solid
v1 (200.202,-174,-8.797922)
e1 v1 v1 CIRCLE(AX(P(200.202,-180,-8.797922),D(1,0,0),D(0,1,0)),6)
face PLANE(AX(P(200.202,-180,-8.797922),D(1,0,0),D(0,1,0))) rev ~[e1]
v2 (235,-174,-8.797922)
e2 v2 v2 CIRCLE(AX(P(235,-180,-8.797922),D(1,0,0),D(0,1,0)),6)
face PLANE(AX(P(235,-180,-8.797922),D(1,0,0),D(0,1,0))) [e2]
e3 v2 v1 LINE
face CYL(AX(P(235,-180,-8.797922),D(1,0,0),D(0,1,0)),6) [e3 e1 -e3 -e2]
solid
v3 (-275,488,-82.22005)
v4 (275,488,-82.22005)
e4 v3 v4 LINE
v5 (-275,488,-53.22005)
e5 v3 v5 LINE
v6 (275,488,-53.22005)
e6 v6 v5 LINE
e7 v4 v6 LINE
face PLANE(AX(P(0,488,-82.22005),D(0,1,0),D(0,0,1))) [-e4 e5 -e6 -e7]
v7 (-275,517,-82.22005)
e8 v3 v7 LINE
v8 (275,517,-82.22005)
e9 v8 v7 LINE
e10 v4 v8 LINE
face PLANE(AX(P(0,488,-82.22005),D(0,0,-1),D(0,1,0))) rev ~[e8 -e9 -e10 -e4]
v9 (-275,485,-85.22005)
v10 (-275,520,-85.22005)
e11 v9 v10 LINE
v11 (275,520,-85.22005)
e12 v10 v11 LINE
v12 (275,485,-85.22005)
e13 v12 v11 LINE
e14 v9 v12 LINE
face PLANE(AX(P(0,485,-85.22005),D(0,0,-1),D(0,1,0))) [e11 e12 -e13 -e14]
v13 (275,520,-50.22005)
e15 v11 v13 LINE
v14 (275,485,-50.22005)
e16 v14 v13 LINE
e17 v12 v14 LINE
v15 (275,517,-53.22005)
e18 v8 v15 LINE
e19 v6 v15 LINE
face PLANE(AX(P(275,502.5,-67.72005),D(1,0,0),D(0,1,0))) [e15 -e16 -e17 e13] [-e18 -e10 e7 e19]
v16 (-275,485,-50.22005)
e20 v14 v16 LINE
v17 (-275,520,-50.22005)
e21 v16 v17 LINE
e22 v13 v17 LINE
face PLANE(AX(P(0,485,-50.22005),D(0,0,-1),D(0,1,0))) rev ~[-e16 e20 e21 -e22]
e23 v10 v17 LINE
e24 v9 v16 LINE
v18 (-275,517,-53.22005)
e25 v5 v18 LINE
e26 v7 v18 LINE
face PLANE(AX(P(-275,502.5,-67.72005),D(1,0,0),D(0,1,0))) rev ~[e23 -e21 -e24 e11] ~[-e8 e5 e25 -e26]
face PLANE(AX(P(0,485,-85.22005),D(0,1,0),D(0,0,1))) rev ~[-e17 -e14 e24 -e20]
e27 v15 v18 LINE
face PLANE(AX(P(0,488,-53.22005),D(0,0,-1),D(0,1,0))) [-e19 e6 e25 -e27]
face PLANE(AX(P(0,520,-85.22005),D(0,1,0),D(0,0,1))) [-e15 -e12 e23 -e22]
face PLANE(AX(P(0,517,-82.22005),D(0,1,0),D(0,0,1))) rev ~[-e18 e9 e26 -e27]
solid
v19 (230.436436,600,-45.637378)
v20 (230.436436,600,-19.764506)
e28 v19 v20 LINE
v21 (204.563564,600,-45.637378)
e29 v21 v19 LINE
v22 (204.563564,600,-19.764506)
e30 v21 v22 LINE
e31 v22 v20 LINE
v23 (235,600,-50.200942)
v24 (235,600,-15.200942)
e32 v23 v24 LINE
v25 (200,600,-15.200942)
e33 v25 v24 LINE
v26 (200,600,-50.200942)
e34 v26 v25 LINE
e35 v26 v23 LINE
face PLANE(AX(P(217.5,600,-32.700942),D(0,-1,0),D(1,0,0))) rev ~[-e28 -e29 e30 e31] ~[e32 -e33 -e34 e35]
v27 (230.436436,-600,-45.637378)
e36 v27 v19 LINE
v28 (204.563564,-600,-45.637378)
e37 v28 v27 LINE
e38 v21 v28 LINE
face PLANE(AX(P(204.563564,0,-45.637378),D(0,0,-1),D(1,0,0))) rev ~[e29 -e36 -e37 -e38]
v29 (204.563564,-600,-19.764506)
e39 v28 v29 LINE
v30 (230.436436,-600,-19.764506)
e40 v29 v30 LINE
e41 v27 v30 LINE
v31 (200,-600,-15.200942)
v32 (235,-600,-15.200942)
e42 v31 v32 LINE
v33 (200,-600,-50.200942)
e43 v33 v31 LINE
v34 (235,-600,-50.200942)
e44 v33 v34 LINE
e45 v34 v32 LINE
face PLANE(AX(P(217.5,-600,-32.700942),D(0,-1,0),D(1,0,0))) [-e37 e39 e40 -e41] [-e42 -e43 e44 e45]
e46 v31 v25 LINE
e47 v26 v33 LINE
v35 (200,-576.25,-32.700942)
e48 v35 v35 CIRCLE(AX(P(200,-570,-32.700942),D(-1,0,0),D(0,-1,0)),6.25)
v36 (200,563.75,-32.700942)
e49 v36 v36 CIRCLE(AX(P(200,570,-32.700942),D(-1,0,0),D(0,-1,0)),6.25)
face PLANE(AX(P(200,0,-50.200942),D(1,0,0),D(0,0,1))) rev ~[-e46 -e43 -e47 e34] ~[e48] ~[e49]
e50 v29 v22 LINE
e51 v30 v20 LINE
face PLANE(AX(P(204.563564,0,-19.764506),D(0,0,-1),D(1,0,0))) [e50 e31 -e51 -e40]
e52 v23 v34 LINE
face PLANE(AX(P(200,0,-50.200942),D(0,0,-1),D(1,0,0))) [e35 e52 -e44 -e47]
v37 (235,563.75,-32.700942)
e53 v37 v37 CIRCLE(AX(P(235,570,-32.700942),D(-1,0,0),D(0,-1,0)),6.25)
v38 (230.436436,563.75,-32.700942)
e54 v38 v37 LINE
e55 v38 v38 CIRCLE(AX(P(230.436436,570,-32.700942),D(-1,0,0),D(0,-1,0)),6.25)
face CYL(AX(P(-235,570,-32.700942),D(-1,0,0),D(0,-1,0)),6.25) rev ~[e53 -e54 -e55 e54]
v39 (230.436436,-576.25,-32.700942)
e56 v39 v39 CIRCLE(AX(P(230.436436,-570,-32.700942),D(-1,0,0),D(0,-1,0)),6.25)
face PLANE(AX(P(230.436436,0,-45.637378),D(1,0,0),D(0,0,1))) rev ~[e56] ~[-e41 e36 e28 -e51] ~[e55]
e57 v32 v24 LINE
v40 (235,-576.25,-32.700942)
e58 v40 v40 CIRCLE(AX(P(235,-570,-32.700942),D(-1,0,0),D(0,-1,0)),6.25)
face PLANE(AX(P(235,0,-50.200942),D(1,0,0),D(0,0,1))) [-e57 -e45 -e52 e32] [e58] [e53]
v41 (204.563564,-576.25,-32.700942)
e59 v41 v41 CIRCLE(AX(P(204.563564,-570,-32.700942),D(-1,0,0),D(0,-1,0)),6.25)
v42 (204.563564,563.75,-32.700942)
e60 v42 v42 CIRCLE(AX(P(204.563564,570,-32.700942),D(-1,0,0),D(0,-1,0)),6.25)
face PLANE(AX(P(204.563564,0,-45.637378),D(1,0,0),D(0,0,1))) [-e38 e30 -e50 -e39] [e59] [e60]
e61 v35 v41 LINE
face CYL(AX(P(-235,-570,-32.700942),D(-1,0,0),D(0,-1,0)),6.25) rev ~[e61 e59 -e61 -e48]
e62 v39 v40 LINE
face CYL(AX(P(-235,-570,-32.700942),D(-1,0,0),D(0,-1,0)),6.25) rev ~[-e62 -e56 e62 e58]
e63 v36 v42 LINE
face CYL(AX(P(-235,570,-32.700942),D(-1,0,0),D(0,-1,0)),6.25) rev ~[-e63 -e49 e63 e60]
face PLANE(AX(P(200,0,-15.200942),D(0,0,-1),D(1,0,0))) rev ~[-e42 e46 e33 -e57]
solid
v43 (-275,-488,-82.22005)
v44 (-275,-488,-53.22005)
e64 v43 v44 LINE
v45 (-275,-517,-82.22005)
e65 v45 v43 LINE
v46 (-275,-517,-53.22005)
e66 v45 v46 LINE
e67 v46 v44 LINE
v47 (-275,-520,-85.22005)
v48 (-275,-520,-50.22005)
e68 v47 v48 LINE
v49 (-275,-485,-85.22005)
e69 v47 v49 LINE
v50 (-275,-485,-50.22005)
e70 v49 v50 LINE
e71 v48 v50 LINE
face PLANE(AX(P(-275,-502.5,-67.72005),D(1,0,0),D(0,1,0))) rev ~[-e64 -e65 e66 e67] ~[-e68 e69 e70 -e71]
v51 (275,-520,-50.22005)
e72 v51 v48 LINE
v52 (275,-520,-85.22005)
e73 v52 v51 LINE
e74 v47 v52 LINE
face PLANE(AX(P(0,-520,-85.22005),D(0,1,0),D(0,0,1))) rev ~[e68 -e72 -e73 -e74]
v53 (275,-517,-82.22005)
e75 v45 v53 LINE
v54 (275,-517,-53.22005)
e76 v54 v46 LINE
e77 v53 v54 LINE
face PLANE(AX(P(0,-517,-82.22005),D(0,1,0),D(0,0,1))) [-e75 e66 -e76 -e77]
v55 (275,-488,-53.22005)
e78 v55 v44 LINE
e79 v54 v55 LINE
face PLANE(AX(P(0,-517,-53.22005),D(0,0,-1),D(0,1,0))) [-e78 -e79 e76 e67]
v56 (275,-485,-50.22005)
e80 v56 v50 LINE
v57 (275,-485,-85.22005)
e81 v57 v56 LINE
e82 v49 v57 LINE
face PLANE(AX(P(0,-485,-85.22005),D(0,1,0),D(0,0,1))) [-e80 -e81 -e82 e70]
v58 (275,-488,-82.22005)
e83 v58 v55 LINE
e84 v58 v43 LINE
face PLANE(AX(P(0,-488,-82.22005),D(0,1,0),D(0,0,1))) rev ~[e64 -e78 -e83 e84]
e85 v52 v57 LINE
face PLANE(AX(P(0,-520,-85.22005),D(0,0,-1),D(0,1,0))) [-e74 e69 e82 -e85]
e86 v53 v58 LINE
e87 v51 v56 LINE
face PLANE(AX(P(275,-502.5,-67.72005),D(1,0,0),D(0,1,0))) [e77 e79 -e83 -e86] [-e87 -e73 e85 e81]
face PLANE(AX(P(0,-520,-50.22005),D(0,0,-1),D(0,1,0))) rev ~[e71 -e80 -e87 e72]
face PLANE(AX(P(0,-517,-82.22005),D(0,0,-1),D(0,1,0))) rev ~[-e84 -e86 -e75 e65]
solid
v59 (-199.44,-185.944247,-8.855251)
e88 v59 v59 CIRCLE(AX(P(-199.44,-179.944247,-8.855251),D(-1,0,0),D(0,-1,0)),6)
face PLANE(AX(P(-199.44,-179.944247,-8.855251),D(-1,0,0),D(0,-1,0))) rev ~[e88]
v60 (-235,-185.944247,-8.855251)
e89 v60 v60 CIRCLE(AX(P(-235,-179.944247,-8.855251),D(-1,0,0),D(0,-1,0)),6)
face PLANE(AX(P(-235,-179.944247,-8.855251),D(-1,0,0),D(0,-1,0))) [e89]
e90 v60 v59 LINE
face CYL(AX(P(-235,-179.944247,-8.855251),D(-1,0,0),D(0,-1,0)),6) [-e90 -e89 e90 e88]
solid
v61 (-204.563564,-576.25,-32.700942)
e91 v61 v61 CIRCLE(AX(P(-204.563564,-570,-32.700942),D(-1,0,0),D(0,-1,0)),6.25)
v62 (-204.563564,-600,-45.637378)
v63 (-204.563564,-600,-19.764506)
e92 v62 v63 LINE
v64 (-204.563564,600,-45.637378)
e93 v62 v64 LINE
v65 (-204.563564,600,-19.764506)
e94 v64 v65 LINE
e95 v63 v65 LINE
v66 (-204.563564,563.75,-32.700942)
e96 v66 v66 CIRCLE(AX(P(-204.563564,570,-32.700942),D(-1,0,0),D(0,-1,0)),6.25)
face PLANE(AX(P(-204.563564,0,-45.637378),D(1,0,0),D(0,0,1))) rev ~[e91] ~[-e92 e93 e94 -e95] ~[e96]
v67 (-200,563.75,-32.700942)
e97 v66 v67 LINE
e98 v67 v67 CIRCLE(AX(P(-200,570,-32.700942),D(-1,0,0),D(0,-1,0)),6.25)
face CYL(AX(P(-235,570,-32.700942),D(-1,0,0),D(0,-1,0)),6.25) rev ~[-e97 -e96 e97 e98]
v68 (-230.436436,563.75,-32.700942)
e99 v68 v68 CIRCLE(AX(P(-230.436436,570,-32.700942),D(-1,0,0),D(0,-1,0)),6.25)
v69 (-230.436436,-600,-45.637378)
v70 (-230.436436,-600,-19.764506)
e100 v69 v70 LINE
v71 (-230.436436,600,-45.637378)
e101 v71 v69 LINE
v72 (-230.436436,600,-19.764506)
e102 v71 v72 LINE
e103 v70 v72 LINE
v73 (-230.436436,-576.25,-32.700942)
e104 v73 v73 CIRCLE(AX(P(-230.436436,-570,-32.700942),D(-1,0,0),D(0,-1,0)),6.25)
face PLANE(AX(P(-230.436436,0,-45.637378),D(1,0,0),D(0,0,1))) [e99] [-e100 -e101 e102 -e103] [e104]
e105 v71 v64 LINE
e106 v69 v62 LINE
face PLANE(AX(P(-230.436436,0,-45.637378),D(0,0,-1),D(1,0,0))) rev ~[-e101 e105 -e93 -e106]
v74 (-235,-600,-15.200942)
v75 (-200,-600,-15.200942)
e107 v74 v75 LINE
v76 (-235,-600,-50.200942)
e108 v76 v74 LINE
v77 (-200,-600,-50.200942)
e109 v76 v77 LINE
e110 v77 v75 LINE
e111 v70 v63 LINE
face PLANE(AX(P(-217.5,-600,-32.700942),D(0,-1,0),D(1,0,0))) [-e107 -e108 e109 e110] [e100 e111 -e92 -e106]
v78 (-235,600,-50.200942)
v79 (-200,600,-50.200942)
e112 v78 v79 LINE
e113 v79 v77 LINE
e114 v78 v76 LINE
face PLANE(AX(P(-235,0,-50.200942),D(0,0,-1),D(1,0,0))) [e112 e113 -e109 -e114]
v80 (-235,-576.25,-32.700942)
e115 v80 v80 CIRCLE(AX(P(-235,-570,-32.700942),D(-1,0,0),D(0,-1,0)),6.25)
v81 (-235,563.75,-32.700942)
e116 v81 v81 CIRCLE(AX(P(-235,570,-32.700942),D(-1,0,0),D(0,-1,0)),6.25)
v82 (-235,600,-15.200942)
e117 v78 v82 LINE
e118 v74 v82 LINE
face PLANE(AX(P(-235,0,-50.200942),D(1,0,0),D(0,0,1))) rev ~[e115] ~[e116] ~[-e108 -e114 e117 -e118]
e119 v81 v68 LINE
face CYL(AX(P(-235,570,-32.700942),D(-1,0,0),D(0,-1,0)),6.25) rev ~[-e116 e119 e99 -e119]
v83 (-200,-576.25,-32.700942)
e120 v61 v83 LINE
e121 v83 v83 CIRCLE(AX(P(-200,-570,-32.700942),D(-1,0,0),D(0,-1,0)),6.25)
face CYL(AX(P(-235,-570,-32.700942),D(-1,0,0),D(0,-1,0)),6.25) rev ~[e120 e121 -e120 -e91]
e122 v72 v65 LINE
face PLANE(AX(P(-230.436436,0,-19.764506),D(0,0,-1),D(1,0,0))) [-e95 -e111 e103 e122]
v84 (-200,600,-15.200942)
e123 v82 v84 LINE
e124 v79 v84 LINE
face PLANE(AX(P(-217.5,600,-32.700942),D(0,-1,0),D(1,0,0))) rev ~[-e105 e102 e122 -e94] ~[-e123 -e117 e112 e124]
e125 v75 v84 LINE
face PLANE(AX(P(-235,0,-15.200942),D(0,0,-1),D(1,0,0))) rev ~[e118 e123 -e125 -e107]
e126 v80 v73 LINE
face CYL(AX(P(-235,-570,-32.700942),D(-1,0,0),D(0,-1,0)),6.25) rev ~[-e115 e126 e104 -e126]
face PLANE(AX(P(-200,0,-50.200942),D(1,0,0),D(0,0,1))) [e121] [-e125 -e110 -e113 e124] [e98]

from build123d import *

# Parameters (mm, degrees)
F0_W      = 35
F0_H      = 35
F0_W_2    = 25.8728711307
F0_H_2    = 25.8728711307
F2_DEPTH  = 600
F1_W      = 35
F1_H      = 35
F1_W_2    = 29
F1_H_2    = 29
F3_DEPTH  = 275
F4_R      = 6.25
F5_DEPTH  = 501.65
F6_R      = 6.25
F7_DEPTH  = 39.37
F8_R      = 6
F9_DEPTH  = 34.798
F10_R     = 6
F11_DEPTH = 35.56


with BuildPart() as f2:
    # F0 (on Front) → F2 (new body, symmetric)
    with BuildSketch(Plane.XZ):
        with Locations((-217.5, -32.7009419724)):
            Rectangle(F0_W, F0_H)
        with Locations((-217.5, -32.7009419724)):
            Rectangle(F0_W_2, F0_H_2, mode=Mode.SUBTRACT)
    extrude(amount=F2_DEPTH, both=True)


with BuildPart() as f2b:
    # F0 (on Front) → F2, piece 2 (new body, symmetric)
    with BuildSketch(Plane.XZ):
        with Locations((217.5, -32.7009419724)):
            Rectangle(F0_W, F0_H)
        with Locations((217.5, -32.7009419724)):
            Rectangle(F0_W_2, F0_H_2, mode=Mode.SUBTRACT)
    extrude(amount=F2_DEPTH, both=True)


with BuildPart() as f3:
    # F1 (on Right) → F3 (new body, symmetric)
    with BuildSketch(Plane.YZ):
        with Locations((502.5, -67.7200500667)):
            Rectangle(F1_W, F1_H)
        with Locations((502.5, -67.7200500667)):
            Rectangle(F1_W_2, F1_H_2, mode=Mode.SUBTRACT)
    extrude(amount=F3_DEPTH, both=True)


with BuildPart() as f3b:
    # F1 (on Right) → F3, piece 2 (new body, symmetric)
    with BuildSketch(Plane.YZ):
        with Locations((-502.5, -67.7200500667)):
            Rectangle(F1_W, F1_H)
        with Locations((-502.5, -67.7200500667)):
            Rectangle(F1_W_2, F1_H_2, mode=Mode.SUBTRACT)
    extrude(amount=F3_DEPTH, both=True)


with BuildPart() as f5_tool:
    # F4 (on face) → F5 (new body)
    with BuildSketch(Plane(origin=(-235, 0, 0), x_dir=(0, -1, 0), z_dir=(-1, 0, 0))):
        with Locations((-570, -32.7009419724)):
            Circle(F4_R)
        with Locations((570, -32.7009419724)):
            Circle(F4_R)
    extrude(amount=-F5_DEPTH)


with BuildPart() as f2_1:
    add(f2.part)

    # F5: cut by f5_tool
    add(f5_tool.part, mode=Mode.SUBTRACT)

    # F6 (on face) → F7 (cut)
    with BuildSketch(Plane.YZ.offset(235)):
        with Locations((-570, -32.7009419724)):
            Circle(F6_R)
        with Locations((570, -32.7009419724)):
            Circle(F6_R)
    extrude(amount=-F7_DEPTH, mode=Mode.SUBTRACT)


with BuildPart() as f2b_1:
    add(f2b.part)

    # F5: cut by f5_tool
    add(f5_tool.part, mode=Mode.SUBTRACT)


with BuildPart() as f9:
    # F8 (on face) → F9 (new body)
    with BuildSketch(Plane.YZ.offset(235)):
        with Locations((-180, -8.7979223349)):
            Circle(F8_R)
    extrude(amount=-F9_DEPTH)


with BuildPart() as f11:
    # F10 (on face) → F11 (new body)
    with BuildSketch(Plane(origin=(-235, 0, 0), x_dir=(0, -1, 0), z_dir=(-1, 0, 0))):
        with Locations((179.9442470074, -8.8552506641)):
            Circle(F10_R)
    extrude(amount=-F11_DEPTH)


solid = Compound([f3.part, f3b.part, f2_1.part, f2b_1.part, f9.part, f11.part])
